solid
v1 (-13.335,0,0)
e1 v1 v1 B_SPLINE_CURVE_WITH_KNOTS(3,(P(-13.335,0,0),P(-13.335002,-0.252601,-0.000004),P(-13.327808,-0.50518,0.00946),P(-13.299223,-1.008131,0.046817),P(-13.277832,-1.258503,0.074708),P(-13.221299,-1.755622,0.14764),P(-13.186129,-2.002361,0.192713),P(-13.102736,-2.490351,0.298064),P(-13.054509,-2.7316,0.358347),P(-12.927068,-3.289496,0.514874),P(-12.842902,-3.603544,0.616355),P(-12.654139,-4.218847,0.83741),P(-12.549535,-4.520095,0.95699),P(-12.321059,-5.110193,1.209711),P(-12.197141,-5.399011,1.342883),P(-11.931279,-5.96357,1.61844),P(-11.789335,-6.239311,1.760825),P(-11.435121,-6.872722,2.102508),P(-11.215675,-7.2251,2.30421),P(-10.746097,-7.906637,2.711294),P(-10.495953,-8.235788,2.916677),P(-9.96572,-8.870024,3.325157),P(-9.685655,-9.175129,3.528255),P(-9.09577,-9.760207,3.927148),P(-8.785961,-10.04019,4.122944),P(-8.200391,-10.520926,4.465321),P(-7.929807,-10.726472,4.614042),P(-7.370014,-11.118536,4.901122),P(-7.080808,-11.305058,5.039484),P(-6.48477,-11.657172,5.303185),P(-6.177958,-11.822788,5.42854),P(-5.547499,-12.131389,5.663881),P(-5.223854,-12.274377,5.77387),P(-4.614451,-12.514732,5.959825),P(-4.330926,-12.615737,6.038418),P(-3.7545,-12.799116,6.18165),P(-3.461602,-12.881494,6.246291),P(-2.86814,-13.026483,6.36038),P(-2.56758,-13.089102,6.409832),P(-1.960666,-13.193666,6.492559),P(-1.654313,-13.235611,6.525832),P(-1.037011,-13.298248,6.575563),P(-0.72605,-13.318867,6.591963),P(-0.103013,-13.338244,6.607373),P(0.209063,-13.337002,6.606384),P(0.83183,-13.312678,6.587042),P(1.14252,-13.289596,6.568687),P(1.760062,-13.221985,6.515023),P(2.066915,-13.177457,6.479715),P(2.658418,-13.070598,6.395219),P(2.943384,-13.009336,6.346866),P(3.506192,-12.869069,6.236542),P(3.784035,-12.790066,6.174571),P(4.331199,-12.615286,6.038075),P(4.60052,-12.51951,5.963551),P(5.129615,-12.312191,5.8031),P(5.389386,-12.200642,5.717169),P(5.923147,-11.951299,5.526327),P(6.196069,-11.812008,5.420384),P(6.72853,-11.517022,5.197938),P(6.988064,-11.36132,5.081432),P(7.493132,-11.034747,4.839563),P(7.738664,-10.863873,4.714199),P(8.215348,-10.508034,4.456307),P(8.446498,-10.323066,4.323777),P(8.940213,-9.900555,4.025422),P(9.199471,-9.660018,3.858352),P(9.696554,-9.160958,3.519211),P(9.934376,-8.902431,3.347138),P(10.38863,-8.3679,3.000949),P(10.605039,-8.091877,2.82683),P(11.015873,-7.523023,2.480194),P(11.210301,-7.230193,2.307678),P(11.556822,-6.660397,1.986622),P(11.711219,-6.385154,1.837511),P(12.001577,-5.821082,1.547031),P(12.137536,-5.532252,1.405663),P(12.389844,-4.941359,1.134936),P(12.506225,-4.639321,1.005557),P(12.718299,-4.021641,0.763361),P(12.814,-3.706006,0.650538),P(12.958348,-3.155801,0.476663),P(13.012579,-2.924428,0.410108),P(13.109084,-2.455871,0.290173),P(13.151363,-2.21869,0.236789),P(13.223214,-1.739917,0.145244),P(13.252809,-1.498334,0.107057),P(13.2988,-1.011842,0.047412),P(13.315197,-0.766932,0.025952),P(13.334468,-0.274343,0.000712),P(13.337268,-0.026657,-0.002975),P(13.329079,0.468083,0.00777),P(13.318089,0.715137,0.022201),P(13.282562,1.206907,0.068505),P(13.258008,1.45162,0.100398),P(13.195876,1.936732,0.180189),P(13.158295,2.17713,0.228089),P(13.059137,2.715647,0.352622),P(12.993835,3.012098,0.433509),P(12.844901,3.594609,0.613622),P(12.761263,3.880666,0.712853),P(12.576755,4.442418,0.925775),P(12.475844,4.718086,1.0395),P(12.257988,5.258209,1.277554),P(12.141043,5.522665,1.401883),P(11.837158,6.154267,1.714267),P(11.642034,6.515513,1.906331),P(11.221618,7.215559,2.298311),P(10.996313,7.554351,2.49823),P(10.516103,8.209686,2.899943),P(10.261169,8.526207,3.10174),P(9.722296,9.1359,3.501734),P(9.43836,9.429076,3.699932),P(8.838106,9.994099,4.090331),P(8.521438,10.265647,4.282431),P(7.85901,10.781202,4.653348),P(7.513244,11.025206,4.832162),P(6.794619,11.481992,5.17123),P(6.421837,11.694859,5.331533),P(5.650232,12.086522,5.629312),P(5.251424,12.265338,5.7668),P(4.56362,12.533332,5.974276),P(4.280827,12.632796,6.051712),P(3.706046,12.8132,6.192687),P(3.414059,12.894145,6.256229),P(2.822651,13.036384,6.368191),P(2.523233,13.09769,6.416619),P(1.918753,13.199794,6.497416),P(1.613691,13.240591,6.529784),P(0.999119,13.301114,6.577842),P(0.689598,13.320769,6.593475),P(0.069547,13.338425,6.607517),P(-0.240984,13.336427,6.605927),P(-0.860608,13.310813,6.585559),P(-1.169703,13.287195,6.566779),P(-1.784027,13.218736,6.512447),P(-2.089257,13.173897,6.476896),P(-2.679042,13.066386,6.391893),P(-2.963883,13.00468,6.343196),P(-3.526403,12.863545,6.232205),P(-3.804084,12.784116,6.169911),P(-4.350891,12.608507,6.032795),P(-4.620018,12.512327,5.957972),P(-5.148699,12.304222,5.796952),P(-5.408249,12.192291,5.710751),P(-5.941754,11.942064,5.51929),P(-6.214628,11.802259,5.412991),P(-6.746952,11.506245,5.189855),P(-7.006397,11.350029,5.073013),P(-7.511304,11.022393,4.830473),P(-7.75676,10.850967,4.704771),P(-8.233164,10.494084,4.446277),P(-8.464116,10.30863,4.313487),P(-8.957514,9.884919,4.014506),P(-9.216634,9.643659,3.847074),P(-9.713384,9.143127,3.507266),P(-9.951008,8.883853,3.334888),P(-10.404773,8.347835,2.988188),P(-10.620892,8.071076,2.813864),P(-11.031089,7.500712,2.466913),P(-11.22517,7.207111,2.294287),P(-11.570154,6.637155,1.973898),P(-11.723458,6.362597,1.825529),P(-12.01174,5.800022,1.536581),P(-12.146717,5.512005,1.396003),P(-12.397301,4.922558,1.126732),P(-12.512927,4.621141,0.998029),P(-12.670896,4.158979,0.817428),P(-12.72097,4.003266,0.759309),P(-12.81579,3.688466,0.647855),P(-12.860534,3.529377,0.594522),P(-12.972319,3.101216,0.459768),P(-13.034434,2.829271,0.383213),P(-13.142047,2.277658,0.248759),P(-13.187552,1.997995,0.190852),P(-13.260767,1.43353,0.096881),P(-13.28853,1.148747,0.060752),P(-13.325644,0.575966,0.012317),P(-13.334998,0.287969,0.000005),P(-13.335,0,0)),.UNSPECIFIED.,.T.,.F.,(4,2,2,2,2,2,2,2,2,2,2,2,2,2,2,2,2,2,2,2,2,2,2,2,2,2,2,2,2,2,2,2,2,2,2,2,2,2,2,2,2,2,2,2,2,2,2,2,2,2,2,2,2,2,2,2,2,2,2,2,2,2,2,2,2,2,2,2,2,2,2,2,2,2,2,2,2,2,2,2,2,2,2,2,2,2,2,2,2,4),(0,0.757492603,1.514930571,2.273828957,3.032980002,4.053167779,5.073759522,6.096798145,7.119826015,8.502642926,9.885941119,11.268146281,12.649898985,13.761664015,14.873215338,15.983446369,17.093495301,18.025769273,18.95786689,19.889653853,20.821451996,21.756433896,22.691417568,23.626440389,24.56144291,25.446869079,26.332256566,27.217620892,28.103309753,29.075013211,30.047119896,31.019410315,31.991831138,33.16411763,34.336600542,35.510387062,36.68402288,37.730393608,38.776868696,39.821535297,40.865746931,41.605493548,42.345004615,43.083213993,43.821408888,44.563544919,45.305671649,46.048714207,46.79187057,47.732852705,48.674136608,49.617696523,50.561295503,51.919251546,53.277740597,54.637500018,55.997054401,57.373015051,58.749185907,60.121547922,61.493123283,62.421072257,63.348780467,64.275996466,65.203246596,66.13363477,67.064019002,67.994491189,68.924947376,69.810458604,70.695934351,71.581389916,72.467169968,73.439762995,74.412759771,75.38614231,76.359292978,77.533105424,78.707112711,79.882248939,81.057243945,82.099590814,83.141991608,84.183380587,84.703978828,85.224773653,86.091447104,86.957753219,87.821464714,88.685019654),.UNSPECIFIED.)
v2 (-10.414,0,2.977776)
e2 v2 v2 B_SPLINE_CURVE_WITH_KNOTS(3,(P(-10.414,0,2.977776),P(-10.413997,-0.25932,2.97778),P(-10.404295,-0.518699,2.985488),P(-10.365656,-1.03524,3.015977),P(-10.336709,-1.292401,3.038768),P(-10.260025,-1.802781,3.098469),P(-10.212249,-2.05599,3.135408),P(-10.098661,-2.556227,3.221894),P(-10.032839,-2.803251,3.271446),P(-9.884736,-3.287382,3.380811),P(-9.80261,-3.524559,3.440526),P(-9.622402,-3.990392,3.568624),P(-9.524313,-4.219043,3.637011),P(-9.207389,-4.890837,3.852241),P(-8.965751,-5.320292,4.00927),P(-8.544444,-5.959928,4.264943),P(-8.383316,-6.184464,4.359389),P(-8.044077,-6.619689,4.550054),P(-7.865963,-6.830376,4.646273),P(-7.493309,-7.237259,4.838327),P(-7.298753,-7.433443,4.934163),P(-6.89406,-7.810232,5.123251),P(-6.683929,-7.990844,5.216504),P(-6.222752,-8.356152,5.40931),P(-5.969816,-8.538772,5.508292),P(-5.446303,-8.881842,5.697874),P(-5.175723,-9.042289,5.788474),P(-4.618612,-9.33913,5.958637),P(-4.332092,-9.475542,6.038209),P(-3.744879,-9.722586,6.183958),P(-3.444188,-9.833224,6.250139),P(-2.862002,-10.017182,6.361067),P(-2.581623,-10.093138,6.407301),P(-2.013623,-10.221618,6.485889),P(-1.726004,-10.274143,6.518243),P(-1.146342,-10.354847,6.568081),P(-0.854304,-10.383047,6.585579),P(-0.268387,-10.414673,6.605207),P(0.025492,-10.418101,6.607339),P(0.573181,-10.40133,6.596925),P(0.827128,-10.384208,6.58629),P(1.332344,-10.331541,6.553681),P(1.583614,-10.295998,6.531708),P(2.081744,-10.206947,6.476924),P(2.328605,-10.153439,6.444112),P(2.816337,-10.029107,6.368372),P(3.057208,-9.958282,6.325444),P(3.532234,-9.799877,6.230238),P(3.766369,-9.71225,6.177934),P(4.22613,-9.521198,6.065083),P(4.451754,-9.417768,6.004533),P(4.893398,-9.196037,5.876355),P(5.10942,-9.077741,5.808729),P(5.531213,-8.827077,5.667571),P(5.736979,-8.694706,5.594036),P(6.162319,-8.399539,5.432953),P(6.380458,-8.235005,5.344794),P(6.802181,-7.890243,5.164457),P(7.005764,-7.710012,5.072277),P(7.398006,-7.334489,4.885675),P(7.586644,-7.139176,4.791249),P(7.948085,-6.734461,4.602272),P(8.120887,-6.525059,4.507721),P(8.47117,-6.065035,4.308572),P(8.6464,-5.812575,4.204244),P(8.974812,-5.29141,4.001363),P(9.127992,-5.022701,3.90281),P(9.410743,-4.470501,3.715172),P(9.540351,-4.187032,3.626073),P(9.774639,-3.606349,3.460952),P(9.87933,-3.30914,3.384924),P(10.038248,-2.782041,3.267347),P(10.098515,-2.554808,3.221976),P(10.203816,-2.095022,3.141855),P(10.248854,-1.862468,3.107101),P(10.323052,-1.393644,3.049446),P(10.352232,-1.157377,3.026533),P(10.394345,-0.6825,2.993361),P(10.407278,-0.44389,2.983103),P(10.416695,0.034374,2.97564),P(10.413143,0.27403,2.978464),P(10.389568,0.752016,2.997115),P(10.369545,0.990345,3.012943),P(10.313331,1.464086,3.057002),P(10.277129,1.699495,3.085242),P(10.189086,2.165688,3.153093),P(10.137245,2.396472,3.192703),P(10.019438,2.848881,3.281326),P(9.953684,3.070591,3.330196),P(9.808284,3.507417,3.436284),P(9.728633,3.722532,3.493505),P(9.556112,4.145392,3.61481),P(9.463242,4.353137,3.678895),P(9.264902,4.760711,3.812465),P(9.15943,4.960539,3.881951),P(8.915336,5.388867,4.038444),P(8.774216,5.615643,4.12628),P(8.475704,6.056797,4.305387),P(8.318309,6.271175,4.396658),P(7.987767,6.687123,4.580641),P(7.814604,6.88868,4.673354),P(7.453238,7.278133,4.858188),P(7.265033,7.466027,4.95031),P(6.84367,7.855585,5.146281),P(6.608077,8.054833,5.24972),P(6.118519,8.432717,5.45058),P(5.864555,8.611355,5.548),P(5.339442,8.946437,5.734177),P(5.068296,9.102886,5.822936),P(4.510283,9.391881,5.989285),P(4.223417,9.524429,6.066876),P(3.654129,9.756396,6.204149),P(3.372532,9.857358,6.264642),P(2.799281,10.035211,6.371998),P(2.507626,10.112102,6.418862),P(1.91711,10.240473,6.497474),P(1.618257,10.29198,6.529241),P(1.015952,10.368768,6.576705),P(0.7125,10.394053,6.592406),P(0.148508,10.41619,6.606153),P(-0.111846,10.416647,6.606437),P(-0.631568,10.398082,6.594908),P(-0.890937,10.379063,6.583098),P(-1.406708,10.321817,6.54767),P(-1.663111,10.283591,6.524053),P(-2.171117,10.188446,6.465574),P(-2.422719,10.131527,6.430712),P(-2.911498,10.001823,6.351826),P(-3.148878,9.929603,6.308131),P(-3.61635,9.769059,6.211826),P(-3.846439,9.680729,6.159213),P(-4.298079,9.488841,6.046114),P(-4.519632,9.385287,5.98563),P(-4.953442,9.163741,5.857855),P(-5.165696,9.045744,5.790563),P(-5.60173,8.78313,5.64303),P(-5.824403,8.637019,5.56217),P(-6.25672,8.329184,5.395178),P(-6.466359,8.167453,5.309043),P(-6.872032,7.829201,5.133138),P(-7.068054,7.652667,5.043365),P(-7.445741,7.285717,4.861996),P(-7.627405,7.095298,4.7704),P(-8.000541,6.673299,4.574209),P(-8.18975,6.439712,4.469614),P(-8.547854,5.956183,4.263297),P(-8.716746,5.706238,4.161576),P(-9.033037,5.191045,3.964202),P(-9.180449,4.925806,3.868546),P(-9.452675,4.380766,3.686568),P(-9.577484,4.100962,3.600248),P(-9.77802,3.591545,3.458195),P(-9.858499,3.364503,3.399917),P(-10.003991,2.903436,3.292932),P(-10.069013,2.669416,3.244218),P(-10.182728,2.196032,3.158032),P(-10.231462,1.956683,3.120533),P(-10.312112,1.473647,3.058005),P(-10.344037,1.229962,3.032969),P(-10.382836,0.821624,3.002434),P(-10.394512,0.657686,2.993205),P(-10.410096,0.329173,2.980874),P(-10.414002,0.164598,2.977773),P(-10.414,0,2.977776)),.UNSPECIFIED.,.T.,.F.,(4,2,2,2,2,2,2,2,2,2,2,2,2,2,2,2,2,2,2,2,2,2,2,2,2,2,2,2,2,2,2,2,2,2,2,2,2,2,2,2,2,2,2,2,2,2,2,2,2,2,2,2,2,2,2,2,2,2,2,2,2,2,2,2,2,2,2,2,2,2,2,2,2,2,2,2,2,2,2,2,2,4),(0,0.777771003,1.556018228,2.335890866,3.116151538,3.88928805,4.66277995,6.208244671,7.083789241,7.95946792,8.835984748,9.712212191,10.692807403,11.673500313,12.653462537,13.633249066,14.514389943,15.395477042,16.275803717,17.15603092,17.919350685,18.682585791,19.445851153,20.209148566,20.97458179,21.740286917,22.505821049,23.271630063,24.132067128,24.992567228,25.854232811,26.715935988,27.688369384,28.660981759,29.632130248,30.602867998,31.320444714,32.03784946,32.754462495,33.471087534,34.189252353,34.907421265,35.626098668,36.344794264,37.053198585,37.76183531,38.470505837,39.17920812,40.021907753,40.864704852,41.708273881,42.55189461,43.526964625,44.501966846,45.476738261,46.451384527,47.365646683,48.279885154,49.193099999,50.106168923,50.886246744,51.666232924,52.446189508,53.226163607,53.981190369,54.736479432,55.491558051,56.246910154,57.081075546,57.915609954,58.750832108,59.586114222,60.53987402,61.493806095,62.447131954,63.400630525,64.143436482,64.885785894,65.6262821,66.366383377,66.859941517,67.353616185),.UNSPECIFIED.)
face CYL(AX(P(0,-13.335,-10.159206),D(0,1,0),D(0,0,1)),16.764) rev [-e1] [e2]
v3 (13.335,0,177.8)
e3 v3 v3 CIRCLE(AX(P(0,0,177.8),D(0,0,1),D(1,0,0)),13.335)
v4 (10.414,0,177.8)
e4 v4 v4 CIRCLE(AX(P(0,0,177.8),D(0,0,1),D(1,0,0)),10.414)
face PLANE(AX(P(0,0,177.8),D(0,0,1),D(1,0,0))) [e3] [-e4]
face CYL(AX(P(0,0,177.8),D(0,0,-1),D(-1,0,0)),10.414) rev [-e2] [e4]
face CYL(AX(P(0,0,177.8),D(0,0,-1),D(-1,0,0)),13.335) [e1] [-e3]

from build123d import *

# Parameters (mm, degrees)
SKETCH1_R               = 13.335
SKETCH1_R_2             = 10.414
BOSS_EXTRUDE1_DEPTH     = 177.8
CUT_EXTRUDE1_DEPTH      = 179.79732786
CUT_EXTRUDE1_DEPTH_BACK = 179.79732786


with BuildPart() as part:
    # Sketch1 → Boss-Extrude1 (new body)
    with BuildSketch(Plane.XY):
        Circle(SKETCH1_R)
        Circle(SKETCH1_R_2, mode=Mode.SUBTRACT)
    extrude(amount=BOSS_EXTRUDE1_DEPTH)

    # Sketch2 → Cut-Extrude1 (cut, two sides: drawn at the far end of the back side and taken through both)
    with BuildSketch(Plane(origin=(0, 0, 0), x_dir=(1, 0, 0), z_dir=(0, 1, 0)).offset(-CUT_EXTRUDE1_DEPTH_BACK)):
        with BuildLine():
            Line((-13.335, 0), (13.335, 0))
            ThreePointArc((13.335, 0), (0, -6.604793781), (-13.335, 0))
        make_face()
    extrude(amount=CUT_EXTRUDE1_DEPTH + CUT_EXTRUDE1_DEPTH_BACK, mode=Mode.SUBTRACT)


solid = part.part
